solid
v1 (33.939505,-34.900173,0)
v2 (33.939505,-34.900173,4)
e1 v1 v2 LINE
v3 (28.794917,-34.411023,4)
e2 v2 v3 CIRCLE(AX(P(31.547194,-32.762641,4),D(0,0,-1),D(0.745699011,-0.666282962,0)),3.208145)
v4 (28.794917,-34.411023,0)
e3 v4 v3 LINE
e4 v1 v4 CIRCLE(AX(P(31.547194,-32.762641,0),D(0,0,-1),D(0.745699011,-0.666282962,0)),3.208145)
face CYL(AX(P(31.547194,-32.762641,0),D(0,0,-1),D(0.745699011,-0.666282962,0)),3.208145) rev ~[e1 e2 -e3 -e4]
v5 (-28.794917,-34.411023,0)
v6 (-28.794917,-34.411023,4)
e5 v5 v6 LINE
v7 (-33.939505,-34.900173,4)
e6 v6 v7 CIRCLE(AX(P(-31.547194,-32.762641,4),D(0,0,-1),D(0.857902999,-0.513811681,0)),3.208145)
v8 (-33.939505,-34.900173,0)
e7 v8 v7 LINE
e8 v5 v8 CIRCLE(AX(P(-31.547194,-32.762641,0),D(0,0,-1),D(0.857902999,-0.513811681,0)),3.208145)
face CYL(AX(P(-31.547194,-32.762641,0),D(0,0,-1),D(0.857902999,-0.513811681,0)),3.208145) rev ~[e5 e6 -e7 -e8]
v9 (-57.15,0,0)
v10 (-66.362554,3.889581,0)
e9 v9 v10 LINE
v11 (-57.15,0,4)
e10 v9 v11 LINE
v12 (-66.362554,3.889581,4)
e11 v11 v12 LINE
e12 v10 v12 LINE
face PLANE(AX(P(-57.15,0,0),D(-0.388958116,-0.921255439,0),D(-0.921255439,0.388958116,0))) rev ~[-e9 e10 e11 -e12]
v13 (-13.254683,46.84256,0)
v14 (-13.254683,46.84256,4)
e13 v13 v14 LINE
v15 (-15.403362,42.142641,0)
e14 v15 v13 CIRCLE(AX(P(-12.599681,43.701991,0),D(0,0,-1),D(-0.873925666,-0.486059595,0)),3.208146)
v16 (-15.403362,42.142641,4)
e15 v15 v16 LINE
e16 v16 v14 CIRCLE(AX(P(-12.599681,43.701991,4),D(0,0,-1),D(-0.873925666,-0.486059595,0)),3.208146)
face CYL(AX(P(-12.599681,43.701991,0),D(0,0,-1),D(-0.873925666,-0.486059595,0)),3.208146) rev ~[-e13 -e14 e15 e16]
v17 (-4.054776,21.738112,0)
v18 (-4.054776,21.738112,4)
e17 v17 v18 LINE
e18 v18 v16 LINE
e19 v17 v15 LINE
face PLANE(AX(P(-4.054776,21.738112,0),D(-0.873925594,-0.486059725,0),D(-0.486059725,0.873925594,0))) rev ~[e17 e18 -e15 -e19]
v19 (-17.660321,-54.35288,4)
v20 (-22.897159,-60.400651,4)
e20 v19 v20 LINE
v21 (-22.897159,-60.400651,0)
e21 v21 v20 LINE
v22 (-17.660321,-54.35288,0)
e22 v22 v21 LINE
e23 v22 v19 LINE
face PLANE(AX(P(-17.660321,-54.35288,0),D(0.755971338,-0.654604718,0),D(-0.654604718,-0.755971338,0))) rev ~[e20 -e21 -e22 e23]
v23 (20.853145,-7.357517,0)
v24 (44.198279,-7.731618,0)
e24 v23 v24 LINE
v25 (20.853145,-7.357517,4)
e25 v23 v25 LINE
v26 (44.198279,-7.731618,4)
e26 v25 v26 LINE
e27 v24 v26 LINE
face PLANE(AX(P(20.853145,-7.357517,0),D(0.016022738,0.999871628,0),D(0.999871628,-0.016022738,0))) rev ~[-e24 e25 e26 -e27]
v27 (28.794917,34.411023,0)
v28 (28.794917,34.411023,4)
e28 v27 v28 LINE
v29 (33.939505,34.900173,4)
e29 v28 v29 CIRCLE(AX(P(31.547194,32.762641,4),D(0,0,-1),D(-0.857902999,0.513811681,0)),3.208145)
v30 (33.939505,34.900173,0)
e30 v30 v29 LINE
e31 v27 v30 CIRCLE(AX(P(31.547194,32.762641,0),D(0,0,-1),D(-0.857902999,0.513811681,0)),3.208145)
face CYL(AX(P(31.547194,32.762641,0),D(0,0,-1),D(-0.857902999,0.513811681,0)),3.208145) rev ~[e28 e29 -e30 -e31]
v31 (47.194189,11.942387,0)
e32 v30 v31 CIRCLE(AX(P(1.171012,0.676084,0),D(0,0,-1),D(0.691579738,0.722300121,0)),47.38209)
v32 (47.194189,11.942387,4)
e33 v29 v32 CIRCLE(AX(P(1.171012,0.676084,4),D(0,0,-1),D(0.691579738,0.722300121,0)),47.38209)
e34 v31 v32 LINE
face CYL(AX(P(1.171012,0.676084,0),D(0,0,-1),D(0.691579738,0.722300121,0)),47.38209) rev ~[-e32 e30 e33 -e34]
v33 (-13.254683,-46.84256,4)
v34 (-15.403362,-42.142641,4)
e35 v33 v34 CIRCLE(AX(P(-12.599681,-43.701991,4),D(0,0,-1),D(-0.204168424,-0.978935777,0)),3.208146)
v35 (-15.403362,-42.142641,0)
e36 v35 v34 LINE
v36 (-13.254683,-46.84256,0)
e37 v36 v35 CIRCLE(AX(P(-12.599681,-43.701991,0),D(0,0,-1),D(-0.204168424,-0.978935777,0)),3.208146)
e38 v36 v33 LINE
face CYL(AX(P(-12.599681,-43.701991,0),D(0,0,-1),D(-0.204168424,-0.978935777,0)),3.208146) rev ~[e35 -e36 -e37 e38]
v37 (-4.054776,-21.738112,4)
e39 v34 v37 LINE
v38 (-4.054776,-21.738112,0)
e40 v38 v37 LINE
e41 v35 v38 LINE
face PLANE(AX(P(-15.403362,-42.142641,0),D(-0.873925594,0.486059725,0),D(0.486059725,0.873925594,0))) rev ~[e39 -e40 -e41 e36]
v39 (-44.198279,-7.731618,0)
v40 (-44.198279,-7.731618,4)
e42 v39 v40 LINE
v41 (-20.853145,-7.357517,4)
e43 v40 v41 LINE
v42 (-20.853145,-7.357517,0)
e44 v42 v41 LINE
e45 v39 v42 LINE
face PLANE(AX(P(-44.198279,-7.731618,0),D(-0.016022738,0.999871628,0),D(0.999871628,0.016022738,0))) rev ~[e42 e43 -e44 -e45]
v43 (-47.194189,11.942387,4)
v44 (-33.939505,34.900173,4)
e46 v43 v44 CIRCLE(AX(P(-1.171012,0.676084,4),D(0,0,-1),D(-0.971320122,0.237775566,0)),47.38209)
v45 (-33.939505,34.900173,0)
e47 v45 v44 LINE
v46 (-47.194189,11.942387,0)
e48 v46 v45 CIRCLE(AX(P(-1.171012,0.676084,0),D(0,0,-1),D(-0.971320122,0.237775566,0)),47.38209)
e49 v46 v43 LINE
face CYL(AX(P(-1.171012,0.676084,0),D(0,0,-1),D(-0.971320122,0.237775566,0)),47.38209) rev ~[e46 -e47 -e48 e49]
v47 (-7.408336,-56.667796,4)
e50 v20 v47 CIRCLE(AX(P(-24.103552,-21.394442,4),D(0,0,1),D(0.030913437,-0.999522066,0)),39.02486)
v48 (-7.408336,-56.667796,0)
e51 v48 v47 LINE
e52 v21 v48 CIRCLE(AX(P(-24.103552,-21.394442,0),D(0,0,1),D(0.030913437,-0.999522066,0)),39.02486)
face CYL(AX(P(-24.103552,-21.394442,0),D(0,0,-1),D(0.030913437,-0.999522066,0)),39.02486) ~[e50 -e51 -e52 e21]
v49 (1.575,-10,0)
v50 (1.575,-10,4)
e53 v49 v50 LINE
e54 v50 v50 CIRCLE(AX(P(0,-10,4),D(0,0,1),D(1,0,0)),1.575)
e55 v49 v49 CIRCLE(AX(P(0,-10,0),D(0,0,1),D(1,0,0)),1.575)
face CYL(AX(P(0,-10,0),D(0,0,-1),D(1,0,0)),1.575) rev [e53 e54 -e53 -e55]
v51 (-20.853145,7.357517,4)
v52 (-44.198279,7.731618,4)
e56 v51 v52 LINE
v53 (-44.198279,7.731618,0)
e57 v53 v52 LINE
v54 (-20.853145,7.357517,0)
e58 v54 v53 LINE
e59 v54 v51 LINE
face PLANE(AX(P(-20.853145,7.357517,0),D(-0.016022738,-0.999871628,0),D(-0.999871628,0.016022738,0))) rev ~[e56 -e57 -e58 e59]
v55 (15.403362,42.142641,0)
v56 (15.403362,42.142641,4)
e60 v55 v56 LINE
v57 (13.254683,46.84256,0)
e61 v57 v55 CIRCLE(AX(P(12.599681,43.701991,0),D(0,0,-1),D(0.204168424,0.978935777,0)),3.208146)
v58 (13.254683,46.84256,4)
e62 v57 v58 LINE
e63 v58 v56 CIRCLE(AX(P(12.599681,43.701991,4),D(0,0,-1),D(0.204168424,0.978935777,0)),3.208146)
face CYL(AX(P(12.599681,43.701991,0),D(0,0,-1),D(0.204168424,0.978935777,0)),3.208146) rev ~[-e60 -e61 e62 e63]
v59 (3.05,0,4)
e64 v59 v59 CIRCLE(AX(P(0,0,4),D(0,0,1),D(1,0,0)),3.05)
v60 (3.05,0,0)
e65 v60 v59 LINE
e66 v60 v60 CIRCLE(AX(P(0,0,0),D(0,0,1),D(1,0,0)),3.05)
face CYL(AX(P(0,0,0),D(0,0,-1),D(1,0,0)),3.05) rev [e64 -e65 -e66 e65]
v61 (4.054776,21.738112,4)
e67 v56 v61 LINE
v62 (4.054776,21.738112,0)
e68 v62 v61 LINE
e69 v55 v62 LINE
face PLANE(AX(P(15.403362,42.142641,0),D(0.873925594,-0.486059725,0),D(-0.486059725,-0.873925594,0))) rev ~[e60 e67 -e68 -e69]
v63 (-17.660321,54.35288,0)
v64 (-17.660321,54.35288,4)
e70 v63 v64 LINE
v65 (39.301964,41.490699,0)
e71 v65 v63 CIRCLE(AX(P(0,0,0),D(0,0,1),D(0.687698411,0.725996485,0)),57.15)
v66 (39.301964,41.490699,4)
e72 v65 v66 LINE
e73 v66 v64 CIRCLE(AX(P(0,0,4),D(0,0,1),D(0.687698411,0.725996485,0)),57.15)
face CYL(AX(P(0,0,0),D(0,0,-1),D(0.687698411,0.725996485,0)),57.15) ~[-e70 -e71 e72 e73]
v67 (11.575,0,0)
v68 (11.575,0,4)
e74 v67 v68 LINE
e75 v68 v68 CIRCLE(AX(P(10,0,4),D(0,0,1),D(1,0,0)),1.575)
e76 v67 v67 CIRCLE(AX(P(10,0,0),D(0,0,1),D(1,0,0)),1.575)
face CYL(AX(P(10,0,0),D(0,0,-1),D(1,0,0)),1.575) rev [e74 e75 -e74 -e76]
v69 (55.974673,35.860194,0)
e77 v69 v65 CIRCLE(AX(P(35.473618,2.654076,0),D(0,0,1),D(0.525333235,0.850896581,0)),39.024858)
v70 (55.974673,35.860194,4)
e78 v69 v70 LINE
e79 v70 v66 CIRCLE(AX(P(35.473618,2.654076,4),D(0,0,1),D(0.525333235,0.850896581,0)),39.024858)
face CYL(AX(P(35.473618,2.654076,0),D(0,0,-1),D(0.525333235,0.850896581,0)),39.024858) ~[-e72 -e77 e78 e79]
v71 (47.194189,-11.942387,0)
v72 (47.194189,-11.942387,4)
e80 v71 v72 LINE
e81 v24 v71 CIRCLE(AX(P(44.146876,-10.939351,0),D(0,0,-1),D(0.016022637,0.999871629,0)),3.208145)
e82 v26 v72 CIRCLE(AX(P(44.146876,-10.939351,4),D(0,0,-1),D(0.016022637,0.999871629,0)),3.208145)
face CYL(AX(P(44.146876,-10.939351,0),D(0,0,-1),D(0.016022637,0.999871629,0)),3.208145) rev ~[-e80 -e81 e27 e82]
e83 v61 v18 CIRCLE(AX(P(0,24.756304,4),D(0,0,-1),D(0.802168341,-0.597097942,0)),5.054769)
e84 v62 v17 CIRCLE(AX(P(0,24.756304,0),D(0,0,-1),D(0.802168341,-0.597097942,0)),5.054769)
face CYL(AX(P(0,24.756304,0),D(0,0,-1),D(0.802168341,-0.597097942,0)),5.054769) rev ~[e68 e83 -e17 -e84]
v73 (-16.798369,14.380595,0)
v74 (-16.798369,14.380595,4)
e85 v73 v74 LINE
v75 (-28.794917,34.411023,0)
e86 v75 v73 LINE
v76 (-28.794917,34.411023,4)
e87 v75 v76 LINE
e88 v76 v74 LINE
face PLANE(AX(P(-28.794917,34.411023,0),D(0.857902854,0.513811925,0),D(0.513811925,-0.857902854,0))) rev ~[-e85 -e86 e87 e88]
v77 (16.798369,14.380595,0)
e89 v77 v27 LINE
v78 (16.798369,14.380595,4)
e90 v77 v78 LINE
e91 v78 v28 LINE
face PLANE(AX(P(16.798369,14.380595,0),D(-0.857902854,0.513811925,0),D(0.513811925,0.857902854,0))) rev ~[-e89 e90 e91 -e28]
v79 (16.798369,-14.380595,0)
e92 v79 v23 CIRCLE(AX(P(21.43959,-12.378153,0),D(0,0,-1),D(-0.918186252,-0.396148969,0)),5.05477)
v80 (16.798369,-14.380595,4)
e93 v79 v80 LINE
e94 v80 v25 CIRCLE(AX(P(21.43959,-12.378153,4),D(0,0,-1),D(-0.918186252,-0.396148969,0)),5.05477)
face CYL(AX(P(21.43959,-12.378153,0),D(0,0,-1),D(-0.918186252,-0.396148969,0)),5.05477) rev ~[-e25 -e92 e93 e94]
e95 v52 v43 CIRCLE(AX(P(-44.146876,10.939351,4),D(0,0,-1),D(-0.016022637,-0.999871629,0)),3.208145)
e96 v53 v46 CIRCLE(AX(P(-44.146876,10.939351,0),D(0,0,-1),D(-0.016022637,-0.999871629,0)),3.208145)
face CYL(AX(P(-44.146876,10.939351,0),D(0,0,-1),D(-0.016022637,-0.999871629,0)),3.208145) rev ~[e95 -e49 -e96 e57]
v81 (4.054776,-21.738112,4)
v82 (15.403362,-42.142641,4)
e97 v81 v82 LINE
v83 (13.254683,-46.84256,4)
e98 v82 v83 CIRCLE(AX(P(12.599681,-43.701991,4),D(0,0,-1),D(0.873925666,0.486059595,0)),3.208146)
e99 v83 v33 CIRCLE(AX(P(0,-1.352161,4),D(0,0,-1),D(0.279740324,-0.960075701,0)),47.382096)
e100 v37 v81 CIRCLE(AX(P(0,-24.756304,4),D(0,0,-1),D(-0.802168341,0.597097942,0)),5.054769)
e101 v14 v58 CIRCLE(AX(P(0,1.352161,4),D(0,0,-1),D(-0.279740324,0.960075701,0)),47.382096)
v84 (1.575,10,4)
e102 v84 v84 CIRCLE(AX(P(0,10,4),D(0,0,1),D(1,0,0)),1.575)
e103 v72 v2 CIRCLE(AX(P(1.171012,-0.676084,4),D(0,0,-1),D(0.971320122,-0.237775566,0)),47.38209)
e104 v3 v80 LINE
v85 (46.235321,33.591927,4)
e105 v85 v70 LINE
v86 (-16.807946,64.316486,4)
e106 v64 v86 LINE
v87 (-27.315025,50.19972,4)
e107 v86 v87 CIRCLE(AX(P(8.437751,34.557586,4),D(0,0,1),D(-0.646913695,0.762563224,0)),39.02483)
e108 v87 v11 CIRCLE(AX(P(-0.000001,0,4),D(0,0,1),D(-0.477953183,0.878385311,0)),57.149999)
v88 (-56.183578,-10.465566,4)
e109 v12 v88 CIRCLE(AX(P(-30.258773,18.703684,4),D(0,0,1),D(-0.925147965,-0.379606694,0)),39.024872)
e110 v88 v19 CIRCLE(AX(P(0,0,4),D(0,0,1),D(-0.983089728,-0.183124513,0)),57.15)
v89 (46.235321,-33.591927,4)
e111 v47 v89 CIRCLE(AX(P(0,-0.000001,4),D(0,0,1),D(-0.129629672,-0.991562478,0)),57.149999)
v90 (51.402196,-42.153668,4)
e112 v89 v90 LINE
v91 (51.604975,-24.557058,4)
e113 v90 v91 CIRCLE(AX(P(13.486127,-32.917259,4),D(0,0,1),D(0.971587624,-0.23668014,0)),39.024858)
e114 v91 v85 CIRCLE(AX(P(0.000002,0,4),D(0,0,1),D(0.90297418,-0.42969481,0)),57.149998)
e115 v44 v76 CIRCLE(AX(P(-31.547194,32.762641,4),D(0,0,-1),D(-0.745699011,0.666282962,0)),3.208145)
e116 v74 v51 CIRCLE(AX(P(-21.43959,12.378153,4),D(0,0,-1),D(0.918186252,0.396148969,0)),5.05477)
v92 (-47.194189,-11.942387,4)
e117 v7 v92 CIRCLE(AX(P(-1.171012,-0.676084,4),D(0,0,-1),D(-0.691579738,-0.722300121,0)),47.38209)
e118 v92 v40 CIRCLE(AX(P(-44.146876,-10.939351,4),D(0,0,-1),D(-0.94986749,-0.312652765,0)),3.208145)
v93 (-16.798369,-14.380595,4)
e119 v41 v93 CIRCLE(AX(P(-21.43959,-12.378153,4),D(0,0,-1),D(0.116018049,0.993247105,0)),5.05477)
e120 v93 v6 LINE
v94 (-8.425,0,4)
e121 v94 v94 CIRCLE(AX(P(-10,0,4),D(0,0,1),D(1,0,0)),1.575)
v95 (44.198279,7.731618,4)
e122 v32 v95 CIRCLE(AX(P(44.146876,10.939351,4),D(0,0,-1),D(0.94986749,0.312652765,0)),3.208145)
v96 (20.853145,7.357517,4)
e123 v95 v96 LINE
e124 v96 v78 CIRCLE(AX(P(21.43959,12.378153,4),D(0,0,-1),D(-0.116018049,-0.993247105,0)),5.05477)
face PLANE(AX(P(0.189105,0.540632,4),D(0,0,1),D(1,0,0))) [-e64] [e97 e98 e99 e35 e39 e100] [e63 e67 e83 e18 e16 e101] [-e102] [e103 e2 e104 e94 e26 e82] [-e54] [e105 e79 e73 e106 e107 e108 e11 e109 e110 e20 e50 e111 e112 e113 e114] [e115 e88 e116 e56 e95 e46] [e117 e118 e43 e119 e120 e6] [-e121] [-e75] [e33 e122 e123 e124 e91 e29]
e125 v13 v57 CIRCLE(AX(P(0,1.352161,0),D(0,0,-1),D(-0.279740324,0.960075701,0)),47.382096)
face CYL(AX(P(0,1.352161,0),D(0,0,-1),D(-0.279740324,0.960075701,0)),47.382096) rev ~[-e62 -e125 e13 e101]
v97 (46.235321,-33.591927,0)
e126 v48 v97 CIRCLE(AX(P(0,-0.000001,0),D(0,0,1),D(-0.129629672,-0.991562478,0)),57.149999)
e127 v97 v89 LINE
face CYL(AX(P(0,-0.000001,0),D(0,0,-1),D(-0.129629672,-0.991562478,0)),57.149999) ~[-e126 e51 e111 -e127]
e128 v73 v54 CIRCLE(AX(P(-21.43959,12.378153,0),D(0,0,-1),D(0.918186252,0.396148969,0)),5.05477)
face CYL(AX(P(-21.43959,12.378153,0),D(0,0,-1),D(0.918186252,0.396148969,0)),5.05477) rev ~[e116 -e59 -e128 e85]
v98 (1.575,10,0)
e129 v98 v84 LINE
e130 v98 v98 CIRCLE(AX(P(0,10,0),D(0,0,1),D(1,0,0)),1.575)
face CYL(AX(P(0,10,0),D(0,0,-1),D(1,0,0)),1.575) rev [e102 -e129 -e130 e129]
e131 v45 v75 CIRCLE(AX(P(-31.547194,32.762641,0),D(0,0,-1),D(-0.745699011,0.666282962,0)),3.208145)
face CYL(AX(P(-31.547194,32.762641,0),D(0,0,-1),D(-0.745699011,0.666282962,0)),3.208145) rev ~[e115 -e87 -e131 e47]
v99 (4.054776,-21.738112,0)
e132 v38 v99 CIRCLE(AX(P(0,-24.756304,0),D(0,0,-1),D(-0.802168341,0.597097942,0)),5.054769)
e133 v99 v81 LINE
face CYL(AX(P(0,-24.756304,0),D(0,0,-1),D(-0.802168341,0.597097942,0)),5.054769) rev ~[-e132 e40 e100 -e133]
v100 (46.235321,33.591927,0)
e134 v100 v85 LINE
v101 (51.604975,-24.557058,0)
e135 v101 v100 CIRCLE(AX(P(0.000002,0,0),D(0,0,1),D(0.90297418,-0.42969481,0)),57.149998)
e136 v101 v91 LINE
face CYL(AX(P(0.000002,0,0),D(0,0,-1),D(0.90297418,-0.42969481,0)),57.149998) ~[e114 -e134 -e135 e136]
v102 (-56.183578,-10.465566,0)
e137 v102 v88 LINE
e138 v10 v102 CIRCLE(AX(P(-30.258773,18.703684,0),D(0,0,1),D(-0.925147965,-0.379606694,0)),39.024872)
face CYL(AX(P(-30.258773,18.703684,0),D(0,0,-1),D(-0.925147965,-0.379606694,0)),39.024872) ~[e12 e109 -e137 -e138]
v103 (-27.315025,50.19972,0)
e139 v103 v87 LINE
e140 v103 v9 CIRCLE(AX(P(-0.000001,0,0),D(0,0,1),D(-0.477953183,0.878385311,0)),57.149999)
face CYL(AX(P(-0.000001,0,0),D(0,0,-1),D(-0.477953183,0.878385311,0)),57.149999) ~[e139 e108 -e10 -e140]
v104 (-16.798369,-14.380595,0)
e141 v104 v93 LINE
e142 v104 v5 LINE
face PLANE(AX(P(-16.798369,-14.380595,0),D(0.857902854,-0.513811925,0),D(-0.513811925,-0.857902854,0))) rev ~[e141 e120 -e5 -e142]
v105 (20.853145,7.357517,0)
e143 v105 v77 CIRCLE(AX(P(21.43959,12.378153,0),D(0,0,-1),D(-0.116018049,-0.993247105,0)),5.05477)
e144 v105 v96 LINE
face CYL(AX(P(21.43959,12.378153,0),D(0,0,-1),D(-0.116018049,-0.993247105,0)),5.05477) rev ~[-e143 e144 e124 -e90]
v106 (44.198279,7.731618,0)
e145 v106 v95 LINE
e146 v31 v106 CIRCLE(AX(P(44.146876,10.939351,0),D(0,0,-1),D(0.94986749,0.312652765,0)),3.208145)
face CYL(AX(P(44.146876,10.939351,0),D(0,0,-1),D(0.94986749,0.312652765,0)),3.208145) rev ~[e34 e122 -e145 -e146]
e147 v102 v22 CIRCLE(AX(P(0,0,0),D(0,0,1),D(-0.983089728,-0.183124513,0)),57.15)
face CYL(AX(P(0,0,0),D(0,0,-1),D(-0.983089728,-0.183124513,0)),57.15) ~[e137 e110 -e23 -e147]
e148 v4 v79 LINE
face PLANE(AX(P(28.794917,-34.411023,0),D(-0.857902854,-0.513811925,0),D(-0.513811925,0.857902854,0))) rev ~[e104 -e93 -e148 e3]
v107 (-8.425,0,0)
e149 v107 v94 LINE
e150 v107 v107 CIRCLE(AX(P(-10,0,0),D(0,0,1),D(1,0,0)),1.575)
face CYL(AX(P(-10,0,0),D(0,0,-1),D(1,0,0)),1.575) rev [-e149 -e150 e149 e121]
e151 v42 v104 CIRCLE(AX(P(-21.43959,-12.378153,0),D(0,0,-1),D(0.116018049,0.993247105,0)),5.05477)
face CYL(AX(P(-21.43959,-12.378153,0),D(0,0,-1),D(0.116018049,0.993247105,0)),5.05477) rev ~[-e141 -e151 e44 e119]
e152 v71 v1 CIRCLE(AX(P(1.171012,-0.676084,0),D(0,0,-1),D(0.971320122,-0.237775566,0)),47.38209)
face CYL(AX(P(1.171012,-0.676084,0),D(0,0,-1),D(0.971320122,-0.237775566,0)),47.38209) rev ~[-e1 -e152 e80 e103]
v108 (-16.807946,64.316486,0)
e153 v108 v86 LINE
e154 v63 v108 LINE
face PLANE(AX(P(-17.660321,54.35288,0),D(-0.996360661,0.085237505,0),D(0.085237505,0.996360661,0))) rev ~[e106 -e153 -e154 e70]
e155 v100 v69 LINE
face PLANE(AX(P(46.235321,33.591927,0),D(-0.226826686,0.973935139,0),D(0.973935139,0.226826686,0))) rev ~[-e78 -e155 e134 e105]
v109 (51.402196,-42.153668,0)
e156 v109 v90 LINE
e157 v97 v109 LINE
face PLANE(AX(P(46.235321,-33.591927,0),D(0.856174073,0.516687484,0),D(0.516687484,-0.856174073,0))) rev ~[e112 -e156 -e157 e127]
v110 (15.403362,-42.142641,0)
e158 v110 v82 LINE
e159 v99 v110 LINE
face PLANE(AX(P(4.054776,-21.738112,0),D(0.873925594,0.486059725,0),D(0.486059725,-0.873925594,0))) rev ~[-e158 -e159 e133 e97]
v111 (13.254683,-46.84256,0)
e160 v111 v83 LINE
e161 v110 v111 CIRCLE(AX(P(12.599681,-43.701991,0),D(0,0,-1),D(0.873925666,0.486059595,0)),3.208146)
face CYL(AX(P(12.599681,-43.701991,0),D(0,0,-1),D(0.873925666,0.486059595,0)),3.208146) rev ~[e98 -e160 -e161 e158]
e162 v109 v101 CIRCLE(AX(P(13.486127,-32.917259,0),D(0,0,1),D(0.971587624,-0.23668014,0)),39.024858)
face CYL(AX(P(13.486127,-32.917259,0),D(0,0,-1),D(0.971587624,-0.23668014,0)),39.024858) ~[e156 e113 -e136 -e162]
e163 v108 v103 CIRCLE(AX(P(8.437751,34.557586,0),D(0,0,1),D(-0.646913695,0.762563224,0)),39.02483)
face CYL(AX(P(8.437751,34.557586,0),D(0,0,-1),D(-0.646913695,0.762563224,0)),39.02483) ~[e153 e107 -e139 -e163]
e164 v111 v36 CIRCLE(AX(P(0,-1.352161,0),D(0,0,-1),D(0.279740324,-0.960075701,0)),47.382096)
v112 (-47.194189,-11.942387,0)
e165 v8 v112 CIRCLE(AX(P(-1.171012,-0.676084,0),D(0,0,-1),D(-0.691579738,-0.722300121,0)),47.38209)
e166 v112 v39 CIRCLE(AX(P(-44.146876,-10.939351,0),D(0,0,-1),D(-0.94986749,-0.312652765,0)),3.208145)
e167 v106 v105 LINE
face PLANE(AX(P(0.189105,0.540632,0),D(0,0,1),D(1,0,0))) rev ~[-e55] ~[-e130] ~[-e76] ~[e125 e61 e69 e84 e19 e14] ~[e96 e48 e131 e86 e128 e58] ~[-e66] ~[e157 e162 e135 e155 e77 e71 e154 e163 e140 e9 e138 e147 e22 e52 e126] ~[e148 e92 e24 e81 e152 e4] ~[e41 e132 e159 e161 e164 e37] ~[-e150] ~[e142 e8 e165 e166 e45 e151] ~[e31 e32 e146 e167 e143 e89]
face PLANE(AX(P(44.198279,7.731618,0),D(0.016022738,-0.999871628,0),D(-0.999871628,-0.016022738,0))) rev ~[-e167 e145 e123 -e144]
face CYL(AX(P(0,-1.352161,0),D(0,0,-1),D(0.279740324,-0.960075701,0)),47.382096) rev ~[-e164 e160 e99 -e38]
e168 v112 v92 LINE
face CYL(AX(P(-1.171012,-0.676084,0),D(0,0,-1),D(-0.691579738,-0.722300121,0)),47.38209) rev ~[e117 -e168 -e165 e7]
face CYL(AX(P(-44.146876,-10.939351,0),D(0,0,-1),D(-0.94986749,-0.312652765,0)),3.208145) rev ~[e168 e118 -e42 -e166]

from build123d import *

# Parameters (mm, degrees)
F0_R     = 1.575
F0_R_2   = 3.05
F1_DEPTH = 4


with BuildPart() as f1:
    # F0 (on Top) → F1 (new body)
    with BuildSketch(Plane.XY):
        with BuildLine():
            ThreePointArc((-66.362554, 3.889581), (-62.092779, -3.869236), (-56.183578, -10.465566))
            ThreePointArc((-56.183578, -10.465566), (-42.950605, -37.701035), (-17.660321, -54.35288))
            Line((-17.660321, -54.35288), (-22.897159, -60.400651))
            ThreePointArc((-22.897159, -60.400651), (-14.960223, -59.333067), (-7.408336, -56.667796))
            ThreePointArc((-7.408336, -56.667796), (22.583349, -52.498713), (46.235321, -33.591927))
            Line((46.235321, -33.591927), (51.402196, -42.153668))
            ThreePointArc((51.402196, -42.153668), (52.508394, -33.366942), (51.604975, -24.557058))
            ThreePointArc((51.604975, -24.557058), (56.907882, 5.255046), (46.235321, 33.591927))
            Line((46.235321, 33.591927), (55.974673, 35.860194))
            ThreePointArc((55.974673, 35.860194), (47.959834, 39.627498), (39.301964, 41.490699))
            ThreePointArc((39.301964, 41.490699), (12.587657, 55.74651), (-17.660321, 54.35288))
            Line((-17.660321, 54.35288), (-16.807946, 64.316486))
            ThreePointArc((-16.807946, 64.316486), (-22.867587, 57.858083), (-27.315025, 50.19972))
            ThreePointArc((-27.315025, 50.19972), (-49.128282, 29.198192), (-57.15, 0))
            Line((-57.15, 0), (-66.362554, 3.889581))
        make_face()
        with BuildLine():
            ThreePointArc((-33.939505, -34.900173), (-42.205105, -24.367129), (-47.194189, -11.942387))
            ThreePointArc((-47.194189, -11.942387), (-46.760906, -9.079501), (-44.198279, -7.731618))
            Line((-44.198279, -7.731618), (-20.853145, -7.357517))
            ThreePointArc((-20.853145, -7.357517), (-17.06203, -9.850768), (-16.798369, -14.380595))
            Line((-16.798369, -14.380595), (-28.794917, -34.411023))
            ThreePointArc((-28.794917, -34.411023), (-31.243532, -35.956382), (-33.939505, -34.900173))
        make_face(mode=Mode.SUBTRACT)
        with Locations((-10, 0)):
            Circle(F0_R, mode=Mode.SUBTRACT)
        with BuildLine():
            ThreePointArc((13.254683, -46.84256), (0, -48.734257), (-13.254683, -46.84256))
            ThreePointArc((-13.254683, -46.84256), (-15.517374, -45.035883), (-15.403362, -42.142641))
            Line((-15.403362, -42.142641), (-4.054776, -21.738112))
            ThreePointArc((-4.054776, -21.738112), (0, -19.701535), (4.054776, -21.738112))
            Line((4.054776, -21.738112), (15.403362, -42.142641))
            ThreePointArc((15.403362, -42.142641), (15.517374, -45.035883), (13.254683, -46.84256))
        make_face(mode=Mode.SUBTRACT)
        with Locations((0, -10)):
            Circle(F0_R, mode=Mode.SUBTRACT)
        Circle(F0_R_2, mode=Mode.SUBTRACT)
        with Locations((10, 0)):
            Circle(F0_R, mode=Mode.SUBTRACT)
        with BuildLine():
            ThreePointArc((47.194189, -11.942387), (42.205105, -24.367129), (33.939505, -34.900173))
            ThreePointArc((33.939505, -34.900173), (31.243532, -35.956382), (28.794917, -34.411023))
            Line((28.794917, -34.411023), (16.798369, -14.380595))
            ThreePointArc((16.798369, -14.380595), (17.06203, -9.850768), (20.853145, -7.357517))
            Line((20.853145, -7.357517), (44.198279, -7.731618))
            ThreePointArc((44.198279, -7.731618), (46.760906, -9.079501), (47.194189, -11.942387))
        make_face(mode=Mode.SUBTRACT)
        with BuildLine():
            ThreePointArc((-47.194189, 11.942387), (-42.205105, 24.367129), (-33.939505, 34.900173))
            ThreePointArc((-33.939505, 34.900173), (-31.243532, 35.956382), (-28.794917, 34.411023))
            Line((-28.794917, 34.411023), (-16.798369, 14.380595))
            ThreePointArc((-16.798369, 14.380595), (-17.06203, 9.850768), (-20.853145, 7.357517))
            Line((-20.853145, 7.357517), (-44.198279, 7.731618))
            ThreePointArc((-44.198279, 7.731618), (-46.760906, 9.079501), (-47.194189, 11.942387))
        make_face(mode=Mode.SUBTRACT)
        with Locations((0, 10)):
            Circle(F0_R, mode=Mode.SUBTRACT)
        with BuildLine():
            ThreePointArc((20.853145, 7.357517), (17.06203, 9.850768), (16.798369, 14.380595))
            Line((16.798369, 14.380595), (28.794917, 34.411023))
            ThreePointArc((28.794917, 34.411023), (31.243532, 35.956382), (33.939505, 34.900173))
            ThreePointArc((33.939505, 34.900173), (42.205105, 24.367129), (47.194189, 11.942387))
            ThreePointArc((47.194189, 11.942387), (46.760906, 9.079501), (44.198279, 7.731618))
            Line((44.198279, 7.731618), (20.853145, 7.357517))
        make_face(mode=Mode.SUBTRACT)
        with BuildLine():
            Line((15.403362, 42.142641), (4.054776, 21.738112))
            ThreePointArc((4.054776, 21.738112), (0, 19.701535), (-4.054776, 21.738112))
            Line((-4.054776, 21.738112), (-15.403362, 42.142641))
            ThreePointArc((-15.403362, 42.142641), (-15.517374, 45.035883), (-13.254683, 46.84256))
            ThreePointArc((-13.254683, 46.84256), (0, 48.734257), (13.254683, 46.84256))
            ThreePointArc((13.254683, 46.84256), (15.517374, 45.035883), (15.403362, 42.142641))
        make_face(mode=Mode.SUBTRACT)
    extrude(amount=F1_DEPTH)


solid = f1.part
